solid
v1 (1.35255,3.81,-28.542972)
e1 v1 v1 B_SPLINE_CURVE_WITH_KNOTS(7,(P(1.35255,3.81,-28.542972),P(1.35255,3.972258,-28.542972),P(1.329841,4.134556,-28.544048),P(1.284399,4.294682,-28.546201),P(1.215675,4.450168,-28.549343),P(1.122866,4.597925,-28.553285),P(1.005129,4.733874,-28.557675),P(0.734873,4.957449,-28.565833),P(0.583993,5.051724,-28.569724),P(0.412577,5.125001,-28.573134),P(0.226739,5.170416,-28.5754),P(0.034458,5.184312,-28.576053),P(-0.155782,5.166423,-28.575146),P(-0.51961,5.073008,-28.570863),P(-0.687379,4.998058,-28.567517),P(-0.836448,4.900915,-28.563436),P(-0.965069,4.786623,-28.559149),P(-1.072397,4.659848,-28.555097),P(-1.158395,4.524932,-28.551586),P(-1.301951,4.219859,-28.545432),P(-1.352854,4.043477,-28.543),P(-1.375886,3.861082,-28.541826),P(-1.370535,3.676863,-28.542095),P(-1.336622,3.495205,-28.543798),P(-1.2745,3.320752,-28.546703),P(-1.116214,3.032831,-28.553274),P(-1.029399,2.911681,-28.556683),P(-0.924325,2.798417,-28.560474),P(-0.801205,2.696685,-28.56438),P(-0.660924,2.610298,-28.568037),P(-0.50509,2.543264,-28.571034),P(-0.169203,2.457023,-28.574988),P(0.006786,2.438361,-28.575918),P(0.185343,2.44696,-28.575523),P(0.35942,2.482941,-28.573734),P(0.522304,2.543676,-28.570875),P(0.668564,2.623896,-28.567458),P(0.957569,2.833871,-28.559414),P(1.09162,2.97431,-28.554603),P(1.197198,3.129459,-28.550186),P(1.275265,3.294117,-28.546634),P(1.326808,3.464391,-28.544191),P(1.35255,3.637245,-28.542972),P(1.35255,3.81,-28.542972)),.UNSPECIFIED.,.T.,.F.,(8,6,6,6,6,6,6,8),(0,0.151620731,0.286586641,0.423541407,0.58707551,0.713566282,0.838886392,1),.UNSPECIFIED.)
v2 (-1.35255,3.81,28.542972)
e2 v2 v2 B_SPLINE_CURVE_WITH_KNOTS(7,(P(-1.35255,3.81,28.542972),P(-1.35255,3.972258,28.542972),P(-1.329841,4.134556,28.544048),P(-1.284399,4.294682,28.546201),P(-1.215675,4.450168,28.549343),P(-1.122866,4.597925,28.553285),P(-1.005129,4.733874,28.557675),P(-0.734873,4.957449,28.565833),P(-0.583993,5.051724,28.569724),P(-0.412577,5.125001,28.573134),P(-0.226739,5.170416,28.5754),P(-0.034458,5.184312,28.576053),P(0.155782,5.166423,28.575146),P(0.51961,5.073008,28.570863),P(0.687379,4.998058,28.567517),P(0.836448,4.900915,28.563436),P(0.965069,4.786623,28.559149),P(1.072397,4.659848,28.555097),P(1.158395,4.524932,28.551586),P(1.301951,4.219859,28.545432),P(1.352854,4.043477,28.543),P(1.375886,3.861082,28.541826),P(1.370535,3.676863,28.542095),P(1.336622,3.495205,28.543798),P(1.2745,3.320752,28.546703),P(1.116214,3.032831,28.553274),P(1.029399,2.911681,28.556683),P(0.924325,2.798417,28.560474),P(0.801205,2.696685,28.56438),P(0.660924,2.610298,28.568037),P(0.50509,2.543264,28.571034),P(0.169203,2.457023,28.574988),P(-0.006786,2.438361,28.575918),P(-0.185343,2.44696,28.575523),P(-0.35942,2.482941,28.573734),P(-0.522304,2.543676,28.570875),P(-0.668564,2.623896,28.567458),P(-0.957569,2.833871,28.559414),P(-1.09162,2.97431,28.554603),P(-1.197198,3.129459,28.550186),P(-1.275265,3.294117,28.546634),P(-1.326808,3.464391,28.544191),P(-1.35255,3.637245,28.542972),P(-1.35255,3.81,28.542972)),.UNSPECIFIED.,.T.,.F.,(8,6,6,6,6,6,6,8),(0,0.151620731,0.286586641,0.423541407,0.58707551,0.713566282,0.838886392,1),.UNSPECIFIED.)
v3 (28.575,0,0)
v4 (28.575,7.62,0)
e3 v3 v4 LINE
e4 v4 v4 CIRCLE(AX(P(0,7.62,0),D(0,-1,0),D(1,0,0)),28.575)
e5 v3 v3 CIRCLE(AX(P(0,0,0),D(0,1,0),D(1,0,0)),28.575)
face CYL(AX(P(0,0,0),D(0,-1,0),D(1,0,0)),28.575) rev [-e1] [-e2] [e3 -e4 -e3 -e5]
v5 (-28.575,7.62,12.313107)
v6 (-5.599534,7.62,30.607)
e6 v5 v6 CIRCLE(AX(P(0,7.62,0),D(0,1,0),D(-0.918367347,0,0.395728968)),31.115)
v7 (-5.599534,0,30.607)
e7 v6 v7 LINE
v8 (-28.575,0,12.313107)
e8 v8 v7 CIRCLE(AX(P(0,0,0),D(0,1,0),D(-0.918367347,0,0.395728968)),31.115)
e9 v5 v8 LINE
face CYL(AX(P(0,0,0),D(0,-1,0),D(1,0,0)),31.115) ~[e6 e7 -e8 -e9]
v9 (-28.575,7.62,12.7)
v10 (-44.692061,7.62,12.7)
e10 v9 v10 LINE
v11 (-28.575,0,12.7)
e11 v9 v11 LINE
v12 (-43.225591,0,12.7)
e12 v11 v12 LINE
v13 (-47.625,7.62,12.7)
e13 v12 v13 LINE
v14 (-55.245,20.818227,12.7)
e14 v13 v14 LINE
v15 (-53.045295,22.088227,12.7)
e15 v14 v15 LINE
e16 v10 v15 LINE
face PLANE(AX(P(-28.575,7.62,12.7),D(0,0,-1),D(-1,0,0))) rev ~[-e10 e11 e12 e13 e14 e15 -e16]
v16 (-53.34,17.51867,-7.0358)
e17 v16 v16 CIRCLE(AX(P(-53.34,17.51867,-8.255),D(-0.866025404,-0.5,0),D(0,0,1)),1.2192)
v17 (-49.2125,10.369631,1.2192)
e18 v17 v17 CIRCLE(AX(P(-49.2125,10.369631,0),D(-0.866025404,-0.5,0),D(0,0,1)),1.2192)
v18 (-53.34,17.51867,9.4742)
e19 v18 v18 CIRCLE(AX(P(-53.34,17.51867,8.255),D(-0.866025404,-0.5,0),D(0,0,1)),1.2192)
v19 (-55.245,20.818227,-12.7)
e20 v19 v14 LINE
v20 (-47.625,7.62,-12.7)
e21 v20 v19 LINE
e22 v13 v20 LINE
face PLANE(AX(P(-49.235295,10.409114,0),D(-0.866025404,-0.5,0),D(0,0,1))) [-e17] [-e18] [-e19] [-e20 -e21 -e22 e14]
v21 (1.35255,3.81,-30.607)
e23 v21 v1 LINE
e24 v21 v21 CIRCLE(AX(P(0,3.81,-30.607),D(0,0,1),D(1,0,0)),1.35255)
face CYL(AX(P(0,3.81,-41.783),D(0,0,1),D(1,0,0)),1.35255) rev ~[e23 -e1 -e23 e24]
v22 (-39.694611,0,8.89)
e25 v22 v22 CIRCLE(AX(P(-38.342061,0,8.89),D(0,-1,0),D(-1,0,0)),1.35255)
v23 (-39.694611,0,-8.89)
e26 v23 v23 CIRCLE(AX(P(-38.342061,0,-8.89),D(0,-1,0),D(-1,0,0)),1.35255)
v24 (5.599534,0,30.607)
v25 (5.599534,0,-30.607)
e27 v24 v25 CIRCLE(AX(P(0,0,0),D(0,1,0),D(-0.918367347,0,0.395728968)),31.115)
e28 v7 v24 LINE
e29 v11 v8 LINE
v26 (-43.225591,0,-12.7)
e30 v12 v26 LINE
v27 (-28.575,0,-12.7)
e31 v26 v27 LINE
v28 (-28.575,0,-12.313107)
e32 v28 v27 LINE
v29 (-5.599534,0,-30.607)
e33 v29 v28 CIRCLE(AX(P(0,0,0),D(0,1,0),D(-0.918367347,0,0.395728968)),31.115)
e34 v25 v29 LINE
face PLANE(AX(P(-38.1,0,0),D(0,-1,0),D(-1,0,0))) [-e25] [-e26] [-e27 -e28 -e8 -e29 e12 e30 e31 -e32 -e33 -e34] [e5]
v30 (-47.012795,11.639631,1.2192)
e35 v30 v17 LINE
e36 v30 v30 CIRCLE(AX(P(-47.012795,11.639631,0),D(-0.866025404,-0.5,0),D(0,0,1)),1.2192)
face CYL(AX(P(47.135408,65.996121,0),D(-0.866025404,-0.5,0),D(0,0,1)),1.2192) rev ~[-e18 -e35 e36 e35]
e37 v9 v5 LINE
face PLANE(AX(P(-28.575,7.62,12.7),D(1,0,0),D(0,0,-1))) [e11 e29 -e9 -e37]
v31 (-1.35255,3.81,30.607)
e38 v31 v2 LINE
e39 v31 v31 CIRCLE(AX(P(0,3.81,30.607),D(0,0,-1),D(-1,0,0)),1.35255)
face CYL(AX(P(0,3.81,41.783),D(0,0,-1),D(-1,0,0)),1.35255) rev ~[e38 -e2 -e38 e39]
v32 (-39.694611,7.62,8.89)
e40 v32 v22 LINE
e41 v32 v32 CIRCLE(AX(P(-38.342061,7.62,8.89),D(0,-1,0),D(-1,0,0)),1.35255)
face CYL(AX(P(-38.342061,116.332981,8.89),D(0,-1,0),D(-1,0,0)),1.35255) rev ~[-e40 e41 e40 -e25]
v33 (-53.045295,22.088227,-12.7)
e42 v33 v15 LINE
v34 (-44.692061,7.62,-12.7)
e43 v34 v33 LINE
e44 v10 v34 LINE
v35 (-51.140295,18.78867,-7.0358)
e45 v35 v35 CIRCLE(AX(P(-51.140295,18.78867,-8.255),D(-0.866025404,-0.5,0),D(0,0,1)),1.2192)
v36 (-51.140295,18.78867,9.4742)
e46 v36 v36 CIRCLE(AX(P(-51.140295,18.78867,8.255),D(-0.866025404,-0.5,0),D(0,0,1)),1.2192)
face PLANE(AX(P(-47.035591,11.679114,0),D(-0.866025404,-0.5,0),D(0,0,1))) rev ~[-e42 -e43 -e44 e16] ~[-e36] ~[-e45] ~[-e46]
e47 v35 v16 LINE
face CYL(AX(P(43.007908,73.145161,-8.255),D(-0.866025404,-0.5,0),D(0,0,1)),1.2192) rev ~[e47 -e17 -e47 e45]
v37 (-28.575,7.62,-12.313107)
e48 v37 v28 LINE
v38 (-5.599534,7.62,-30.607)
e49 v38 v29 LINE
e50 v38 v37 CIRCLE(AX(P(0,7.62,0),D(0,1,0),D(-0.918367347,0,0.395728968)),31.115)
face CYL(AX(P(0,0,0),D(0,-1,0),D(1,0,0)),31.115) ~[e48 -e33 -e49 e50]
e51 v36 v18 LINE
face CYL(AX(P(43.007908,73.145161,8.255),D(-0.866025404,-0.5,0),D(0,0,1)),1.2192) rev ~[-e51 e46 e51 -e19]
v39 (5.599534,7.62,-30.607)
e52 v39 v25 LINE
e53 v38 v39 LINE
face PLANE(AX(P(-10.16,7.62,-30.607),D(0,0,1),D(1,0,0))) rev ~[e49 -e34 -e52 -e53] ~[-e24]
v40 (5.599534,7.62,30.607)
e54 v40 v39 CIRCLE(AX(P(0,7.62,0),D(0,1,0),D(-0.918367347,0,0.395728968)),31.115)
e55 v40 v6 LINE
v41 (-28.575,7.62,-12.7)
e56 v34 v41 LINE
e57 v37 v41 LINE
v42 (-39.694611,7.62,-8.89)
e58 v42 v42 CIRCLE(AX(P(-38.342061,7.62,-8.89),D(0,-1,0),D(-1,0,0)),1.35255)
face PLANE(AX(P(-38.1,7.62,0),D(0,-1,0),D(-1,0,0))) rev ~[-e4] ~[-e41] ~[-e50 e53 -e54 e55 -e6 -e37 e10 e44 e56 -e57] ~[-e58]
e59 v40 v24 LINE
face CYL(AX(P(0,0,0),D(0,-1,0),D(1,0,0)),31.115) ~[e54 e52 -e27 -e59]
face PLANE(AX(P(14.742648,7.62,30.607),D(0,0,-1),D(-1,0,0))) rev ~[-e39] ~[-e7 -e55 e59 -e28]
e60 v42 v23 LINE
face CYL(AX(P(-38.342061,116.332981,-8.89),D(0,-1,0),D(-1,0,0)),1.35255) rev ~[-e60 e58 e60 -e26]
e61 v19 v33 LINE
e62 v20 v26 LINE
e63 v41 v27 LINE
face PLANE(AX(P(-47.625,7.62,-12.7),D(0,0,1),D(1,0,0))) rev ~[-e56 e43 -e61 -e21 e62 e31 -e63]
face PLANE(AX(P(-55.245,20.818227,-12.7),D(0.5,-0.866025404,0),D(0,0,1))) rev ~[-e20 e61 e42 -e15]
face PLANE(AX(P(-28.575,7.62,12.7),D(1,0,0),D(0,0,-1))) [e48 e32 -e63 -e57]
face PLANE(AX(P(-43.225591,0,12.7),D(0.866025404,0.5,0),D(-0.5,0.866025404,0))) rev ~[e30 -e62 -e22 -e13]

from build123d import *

# Parameters (mm, degrees)
SKETCH1_R                      = 31.115
SKETCH1_R_2                    = 28.575
EXTRUDE_THIN1_DEPTH            = 7.62
BOSS_EXTRUDE1_DEPTH            = 7.62
CUT_EXTRUDE1_REACH             = 67.161
CUT_EXTRUDE1_DIRECTION_2_DEPTH = 66.161025544
SKETCH4_W                      = 25.4
SKETCH4_H                      = 24.038818103
BOSS_EXTRUDE2_DEPTH            = 2.54
F_2_CLEARANCE_HOLE1_D          = 2.4384
F_6_32_TAPPED_HOLE1_D          = 2.7051
SKETCH9_W                      = 20.32
SKETCH9_H                      = 0.508
CUT_EXTRUDE2_DEPTH             = 66.034474296
CUT_EXTRUDE3_DEPTH             = 66.034474296
F_6_32_TAPPED_HOLE2_D          = 2.7051
F_6_32_TAPPED_HOLE2_DEPTH      = 11.176
F_6_32_TAPPED_HOLE2_TIP        = 0.81269403
F_6_32_TAPPED_HOLE3_D          = 2.7051
F_6_32_TAPPED_HOLE3_DEPTH      = 11.176
F_6_32_TAPPED_HOLE3_TIP        = 0.81269403


with BuildPart() as part:
    # Sketch1 → Extrude-Thin1 (new body)
    with BuildSketch(Plane(origin=(0, 0, 0), x_dir=(1, 0, 0), z_dir=(0, 1, 0))):
        Circle(SKETCH1_R)
        Circle(SKETCH1_R_2, mode=Mode.SUBTRACT)
    extrude(amount=EXTRUDE_THIN1_DEPTH)

    # Sketch2 → Boss-Extrude1 (add)
    with BuildSketch(Plane(origin=(0, 7.62, 0), x_dir=(1, 0, 0), z_dir=(0, 1, 0))):
        Polygon((-28.575, 0), (-28.575, -12.7), (-47.625, -12.7), (-47.625, 12.7), (-28.575, 12.7), align=None)
    extrude(amount=-BOSS_EXTRUDE1_DEPTH)

    # Sketch3 → Cut-Extrude1 (cut, up to next)
    with BuildSketch(Plane.XY.offset(12.7), mode=Mode.PRIVATE) as cut_extrude1_sk1:
        Polygon((-47.625, 0), (-43.225590949, 0), (-47.625, 7.62), align=None)
    cut_extrude1_tool1 = extrude(cut_extrude1_sk1.sketch, amount=-CUT_EXTRUDE1_REACH, mode=Mode.PRIVATE) & part.part
    add(cut_extrude1_tool1.solids().sort_by_distance((-46.15853, 2.54, 12.7))[0], mode=Mode.SUBTRACT)

    # Sketch3 → Cut-Extrude1 direction 2 (cut)
    with BuildSketch(Plane.XY.offset(12.7)):
        Polygon((-47.625, 0), (-43.225590949, 0), (-47.625, 7.62), align=None)
    extrude(amount=CUT_EXTRUDE1_DIRECTION_2_DEPTH, mode=Mode.SUBTRACT)

    # Sketch4 → Boss-Extrude2 (add)
    with BuildSketch(Plane(origin=(-32.419193212, -18.717229928, 0), x_dir=(0, 0, 1), z_dir=(-0.8660254037844413, -0.4999999999999954, 0))):
        with Locations((0, 33.632204526)):
            Rectangle(SKETCH4_W, SKETCH4_H)
    extrude(amount=-BOSS_EXTRUDE2_DEPTH)

    # #2 Clearance Hole1 (through all)
    with Locations(Plane(origin=(-30.219488686, -17.447229928, 0), x_dir=(0, 0, -1), z_dir=(0.8660254037844413, 0.4999999999999956, 0))):
        with Locations((-8.255, 41.841613577), (8.255, 41.841613577), (0, 33.586613577)):
            Hole(F_2_CLEARANCE_HOLE1_D / 2)

    # #6-32 Tapped Hole1 (through all)
    with Locations(Plane(origin=(0, 7.62, 0), x_dir=(1, 0, 0), z_dir=(0, 1, 0))):
        with Locations((-38.342060633, -8.89), (-38.342060633, 8.89)):
            Hole(F_6_32_TAPPED_HOLE1_D / 2)

    # Sketch9 → Cut-Extrude2 (cut, through all)
    with BuildSketch(Plane(origin=(0, 7.62, 0), x_dir=(1, 0, 0), z_dir=(0, 1, 0))):
        with Locations((0, 30.861)):
            Rectangle(SKETCH9_W, SKETCH9_H)
    extrude(amount=-CUT_EXTRUDE2_DEPTH, mode=Mode.SUBTRACT)

    # Sketch10 → Cut-Extrude3 (cut, through all)
    with BuildSketch(Plane(origin=(0, 7.62, 0), x_dir=(1, 0, 0), z_dir=(0, 1, 0))):
        Polygon((0, -31.115), (14.742648062, -31.115), (14.742648062, -30.607), (-16.079982159, -30.607), (-16.079982159, -31.115), align=None)
    extrude(amount=-CUT_EXTRUDE3_DEPTH, mode=Mode.SUBTRACT)

    # #6-32 Tapped Hole2
    with Locations(Plane(origin=(0, 0, -30.607), x_dir=(-1, 0, 0), z_dir=(0, 0, -1))):
        with Locations((0, 3.81)):
            Hole(F_6_32_TAPPED_HOLE2_D / 2, depth=F_6_32_TAPPED_HOLE2_DEPTH)
            with Locations((0, 0, -(F_6_32_TAPPED_HOLE2_DEPTH + F_6_32_TAPPED_HOLE2_TIP / 2))):  # 118° drill point
                Cone(0, F_6_32_TAPPED_HOLE2_D / 2, F_6_32_TAPPED_HOLE2_TIP, mode=Mode.SUBTRACT)

    # #6-32 Tapped Hole3
    with Locations(Plane.XY.offset(30.607)):
        with Locations((0, 3.81)):
            Hole(F_6_32_TAPPED_HOLE3_D / 2, depth=F_6_32_TAPPED_HOLE3_DEPTH)
            with Locations((0, 0, -(F_6_32_TAPPED_HOLE3_DEPTH + F_6_32_TAPPED_HOLE3_TIP / 2))):  # 118° drill point
                Cone(0, F_6_32_TAPPED_HOLE3_D / 2, F_6_32_TAPPED_HOLE3_TIP, mode=Mode.SUBTRACT)


solid = part.part
